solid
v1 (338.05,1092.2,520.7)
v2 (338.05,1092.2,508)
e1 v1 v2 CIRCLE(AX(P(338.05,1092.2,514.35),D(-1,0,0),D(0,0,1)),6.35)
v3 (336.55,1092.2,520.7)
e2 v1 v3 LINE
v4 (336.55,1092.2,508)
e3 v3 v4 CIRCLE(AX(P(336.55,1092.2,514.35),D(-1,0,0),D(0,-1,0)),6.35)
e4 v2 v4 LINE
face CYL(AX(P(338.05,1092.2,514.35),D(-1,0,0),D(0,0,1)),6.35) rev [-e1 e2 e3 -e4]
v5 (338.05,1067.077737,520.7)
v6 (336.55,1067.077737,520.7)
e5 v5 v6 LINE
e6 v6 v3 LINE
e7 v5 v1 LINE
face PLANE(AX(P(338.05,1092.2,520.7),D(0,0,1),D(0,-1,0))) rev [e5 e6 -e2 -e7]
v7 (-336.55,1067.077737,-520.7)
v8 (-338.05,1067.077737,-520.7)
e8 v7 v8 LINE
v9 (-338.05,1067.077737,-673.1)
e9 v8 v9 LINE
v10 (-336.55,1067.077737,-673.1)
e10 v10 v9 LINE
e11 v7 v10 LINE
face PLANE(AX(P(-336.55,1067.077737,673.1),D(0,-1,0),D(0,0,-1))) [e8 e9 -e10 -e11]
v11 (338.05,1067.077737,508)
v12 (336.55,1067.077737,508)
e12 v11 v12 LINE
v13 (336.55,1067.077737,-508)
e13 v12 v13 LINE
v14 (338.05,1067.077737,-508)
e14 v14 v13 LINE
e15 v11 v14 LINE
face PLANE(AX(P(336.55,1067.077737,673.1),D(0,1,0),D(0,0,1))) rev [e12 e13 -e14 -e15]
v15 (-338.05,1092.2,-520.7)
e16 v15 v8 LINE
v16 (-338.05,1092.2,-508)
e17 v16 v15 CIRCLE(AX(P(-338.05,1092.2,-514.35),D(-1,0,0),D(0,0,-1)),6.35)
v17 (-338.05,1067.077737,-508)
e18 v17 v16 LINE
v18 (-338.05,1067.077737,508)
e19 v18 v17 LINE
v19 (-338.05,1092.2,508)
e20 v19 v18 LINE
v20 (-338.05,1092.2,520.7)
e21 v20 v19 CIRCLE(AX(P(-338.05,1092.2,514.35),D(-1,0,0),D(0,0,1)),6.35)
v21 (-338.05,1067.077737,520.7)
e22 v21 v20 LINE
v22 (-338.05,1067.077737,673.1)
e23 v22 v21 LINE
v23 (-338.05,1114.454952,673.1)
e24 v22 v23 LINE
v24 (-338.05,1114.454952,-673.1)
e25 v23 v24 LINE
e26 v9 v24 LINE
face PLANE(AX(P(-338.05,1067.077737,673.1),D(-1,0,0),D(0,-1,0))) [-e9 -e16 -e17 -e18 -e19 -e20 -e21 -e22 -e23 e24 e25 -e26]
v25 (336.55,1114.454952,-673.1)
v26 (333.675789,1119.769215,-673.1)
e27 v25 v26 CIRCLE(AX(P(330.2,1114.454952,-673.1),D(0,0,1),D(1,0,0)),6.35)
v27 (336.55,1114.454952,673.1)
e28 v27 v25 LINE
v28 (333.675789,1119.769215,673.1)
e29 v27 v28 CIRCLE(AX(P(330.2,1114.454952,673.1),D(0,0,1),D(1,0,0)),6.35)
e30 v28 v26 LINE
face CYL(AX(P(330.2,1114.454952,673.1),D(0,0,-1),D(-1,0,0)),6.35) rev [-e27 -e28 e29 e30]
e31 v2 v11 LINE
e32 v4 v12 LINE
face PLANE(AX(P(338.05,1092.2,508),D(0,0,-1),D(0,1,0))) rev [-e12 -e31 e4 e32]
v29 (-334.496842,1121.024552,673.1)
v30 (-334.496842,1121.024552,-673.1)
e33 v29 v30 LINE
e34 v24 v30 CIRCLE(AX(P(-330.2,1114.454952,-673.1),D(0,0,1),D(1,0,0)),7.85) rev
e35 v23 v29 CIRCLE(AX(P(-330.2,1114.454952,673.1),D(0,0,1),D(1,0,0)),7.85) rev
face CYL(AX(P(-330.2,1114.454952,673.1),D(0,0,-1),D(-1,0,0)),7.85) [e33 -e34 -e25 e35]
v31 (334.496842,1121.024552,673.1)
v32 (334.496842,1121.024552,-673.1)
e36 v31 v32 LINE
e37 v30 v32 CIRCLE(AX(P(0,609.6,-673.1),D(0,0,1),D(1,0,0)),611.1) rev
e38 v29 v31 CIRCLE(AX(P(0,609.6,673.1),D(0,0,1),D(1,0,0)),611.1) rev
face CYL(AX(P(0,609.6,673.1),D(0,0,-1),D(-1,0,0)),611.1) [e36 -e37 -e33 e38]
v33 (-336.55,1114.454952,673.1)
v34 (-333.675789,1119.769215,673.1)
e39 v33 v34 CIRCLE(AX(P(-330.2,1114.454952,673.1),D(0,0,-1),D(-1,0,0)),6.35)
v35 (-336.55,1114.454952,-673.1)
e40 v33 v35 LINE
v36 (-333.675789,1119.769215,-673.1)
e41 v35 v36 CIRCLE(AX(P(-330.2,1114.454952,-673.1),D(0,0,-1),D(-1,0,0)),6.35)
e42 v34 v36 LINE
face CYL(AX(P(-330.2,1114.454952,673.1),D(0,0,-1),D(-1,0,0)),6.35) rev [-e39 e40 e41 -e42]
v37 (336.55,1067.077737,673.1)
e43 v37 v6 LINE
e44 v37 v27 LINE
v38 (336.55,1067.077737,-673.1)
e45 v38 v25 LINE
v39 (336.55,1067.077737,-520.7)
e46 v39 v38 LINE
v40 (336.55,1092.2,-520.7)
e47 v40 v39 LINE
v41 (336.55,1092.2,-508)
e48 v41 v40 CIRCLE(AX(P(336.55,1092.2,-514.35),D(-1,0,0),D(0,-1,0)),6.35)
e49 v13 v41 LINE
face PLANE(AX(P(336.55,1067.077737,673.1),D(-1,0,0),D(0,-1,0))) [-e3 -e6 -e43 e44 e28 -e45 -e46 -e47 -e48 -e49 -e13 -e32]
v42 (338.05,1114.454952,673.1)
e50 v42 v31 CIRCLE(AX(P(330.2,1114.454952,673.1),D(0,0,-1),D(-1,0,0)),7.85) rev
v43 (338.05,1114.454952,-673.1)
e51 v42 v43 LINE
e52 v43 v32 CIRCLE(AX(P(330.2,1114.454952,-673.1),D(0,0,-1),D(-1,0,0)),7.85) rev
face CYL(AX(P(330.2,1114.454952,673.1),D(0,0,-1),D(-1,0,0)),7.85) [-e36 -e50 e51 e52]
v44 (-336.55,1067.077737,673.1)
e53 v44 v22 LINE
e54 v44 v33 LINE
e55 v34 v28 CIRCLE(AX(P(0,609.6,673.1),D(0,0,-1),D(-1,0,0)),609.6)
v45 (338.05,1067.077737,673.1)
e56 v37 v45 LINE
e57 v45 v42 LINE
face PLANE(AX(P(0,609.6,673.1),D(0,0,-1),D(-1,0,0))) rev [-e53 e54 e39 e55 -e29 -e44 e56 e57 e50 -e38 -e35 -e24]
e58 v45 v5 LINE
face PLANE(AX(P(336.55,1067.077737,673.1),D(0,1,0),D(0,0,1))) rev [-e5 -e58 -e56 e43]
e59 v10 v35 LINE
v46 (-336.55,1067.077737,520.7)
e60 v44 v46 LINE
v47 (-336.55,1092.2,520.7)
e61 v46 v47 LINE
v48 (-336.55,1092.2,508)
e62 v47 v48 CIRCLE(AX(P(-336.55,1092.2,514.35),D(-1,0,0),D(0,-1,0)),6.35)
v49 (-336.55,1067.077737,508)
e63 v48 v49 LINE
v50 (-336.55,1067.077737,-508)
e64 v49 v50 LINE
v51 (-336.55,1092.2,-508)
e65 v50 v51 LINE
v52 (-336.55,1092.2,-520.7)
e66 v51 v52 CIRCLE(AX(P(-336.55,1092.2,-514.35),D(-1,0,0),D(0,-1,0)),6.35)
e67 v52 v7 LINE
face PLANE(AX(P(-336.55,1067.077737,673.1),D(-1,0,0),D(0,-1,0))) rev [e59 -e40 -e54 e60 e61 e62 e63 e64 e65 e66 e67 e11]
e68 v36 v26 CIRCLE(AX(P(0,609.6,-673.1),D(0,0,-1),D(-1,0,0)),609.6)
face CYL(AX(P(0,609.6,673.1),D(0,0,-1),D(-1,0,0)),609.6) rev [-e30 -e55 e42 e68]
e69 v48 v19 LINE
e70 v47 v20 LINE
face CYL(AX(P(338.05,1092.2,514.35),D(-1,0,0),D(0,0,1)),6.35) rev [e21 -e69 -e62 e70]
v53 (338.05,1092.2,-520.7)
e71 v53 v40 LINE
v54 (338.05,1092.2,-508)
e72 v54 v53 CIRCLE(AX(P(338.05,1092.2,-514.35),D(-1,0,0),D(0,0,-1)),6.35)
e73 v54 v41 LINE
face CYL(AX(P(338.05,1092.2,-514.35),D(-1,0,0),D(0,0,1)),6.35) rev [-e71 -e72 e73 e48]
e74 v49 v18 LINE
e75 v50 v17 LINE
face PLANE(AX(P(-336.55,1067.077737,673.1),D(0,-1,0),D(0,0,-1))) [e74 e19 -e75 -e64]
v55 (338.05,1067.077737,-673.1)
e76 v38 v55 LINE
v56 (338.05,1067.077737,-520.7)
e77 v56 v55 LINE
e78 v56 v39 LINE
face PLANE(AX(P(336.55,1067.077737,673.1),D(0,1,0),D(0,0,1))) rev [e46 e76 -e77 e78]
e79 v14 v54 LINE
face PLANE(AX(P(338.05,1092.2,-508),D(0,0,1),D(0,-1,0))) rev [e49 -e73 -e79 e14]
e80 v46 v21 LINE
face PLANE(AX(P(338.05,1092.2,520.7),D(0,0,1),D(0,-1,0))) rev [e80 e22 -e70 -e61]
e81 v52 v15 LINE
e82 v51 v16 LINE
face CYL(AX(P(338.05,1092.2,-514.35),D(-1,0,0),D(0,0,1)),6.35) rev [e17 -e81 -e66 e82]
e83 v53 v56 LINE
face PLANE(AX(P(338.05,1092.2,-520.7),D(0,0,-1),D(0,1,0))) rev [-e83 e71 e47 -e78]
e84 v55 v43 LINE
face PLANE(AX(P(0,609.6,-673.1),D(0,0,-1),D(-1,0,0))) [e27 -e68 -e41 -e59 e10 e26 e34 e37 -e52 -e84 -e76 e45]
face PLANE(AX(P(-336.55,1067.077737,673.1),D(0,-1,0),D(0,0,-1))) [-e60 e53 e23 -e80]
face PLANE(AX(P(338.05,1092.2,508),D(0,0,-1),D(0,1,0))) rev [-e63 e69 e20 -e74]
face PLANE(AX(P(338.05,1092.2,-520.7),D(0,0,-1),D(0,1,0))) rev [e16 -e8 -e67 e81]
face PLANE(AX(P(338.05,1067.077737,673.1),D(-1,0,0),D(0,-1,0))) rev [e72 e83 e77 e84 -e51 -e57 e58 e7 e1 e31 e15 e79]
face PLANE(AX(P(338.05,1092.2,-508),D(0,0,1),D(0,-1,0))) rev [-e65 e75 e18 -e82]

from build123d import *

# Parameters (mm, degrees)
EXTRUDE_THIN1_DEPTH = 673.1
CUT_EXTRUDE2_DEPTH  = 677.1


with BuildPart() as part:
    # Sketch1 → Extrude-Thin1 (new body, symmetric)
    with BuildSketch(Plane.XY):
        with BuildLine():
            Line((-336.55, 1067.077736577), (-336.55, 1114.454951942))
            ThreePointArc((-336.55, 1114.454951942), (-335.785416867, 1117.475815795), (-333.675789474, 1119.769214594))
            ThreePointArc((-333.675789474, 1119.769214594), (-174.087631358, 1193.813707994), (0, 1219.2))
            Line((0, 1219.2), (0, 1220.7))
            ThreePointArc((0, 1220.7), (-174.515996593, 1195.251241724), (-334.496842105, 1121.024552228))
            ThreePointArc((-334.496842105, 1121.024552228), (-337.104806678, 1118.189405682), (-338.05, 1114.454951942))
            Line((-338.05, 1114.454951942), (-338.05, 1067.077736577))
            Line((-338.05, 1067.077736577), (-336.55, 1067.077736577))
        make_face()
    extrude_thin1 = extrude(amount=EXTRUDE_THIN1_DEPTH, both=True)

    # Mirror1: Extrude-Thin1 across plane
    add(extrude_thin1.mirror(Plane(origin=(0, 0, 0), x_dir=(0, 0, 1), z_dir=(1, 0, 0))))

    # Sketch3 → Cut-Extrude2 (cut, through all)
    with BuildSketch(Plane.ZY.offset(338.05)):
        with BuildLine():
            Line((508, 1092.2), (508, 1067.077736577))
            Line((508, 1067.077736577), (520.7, 1067.077736577))
            Line((520.7, 1067.077736577), (520.7, 1092.2))
            ThreePointArc((520.7, 1092.2), (514.35, 1098.55), (508, 1092.2))
        make_face()
        with BuildLine():
            Line((-520.7, 1067.077736577), (-508, 1067.077736577))
            Line((-508, 1067.077736577), (-508, 1092.2))
            ThreePointArc((-508, 1092.2), (-514.35, 1098.55), (-520.7, 1092.2))
            Line((-520.7, 1092.2), (-520.7, 1067.077736577))
        make_face()
    extrude(amount=-CUT_EXTRUDE2_DEPTH, mode=Mode.SUBTRACT)


solid = part.part
